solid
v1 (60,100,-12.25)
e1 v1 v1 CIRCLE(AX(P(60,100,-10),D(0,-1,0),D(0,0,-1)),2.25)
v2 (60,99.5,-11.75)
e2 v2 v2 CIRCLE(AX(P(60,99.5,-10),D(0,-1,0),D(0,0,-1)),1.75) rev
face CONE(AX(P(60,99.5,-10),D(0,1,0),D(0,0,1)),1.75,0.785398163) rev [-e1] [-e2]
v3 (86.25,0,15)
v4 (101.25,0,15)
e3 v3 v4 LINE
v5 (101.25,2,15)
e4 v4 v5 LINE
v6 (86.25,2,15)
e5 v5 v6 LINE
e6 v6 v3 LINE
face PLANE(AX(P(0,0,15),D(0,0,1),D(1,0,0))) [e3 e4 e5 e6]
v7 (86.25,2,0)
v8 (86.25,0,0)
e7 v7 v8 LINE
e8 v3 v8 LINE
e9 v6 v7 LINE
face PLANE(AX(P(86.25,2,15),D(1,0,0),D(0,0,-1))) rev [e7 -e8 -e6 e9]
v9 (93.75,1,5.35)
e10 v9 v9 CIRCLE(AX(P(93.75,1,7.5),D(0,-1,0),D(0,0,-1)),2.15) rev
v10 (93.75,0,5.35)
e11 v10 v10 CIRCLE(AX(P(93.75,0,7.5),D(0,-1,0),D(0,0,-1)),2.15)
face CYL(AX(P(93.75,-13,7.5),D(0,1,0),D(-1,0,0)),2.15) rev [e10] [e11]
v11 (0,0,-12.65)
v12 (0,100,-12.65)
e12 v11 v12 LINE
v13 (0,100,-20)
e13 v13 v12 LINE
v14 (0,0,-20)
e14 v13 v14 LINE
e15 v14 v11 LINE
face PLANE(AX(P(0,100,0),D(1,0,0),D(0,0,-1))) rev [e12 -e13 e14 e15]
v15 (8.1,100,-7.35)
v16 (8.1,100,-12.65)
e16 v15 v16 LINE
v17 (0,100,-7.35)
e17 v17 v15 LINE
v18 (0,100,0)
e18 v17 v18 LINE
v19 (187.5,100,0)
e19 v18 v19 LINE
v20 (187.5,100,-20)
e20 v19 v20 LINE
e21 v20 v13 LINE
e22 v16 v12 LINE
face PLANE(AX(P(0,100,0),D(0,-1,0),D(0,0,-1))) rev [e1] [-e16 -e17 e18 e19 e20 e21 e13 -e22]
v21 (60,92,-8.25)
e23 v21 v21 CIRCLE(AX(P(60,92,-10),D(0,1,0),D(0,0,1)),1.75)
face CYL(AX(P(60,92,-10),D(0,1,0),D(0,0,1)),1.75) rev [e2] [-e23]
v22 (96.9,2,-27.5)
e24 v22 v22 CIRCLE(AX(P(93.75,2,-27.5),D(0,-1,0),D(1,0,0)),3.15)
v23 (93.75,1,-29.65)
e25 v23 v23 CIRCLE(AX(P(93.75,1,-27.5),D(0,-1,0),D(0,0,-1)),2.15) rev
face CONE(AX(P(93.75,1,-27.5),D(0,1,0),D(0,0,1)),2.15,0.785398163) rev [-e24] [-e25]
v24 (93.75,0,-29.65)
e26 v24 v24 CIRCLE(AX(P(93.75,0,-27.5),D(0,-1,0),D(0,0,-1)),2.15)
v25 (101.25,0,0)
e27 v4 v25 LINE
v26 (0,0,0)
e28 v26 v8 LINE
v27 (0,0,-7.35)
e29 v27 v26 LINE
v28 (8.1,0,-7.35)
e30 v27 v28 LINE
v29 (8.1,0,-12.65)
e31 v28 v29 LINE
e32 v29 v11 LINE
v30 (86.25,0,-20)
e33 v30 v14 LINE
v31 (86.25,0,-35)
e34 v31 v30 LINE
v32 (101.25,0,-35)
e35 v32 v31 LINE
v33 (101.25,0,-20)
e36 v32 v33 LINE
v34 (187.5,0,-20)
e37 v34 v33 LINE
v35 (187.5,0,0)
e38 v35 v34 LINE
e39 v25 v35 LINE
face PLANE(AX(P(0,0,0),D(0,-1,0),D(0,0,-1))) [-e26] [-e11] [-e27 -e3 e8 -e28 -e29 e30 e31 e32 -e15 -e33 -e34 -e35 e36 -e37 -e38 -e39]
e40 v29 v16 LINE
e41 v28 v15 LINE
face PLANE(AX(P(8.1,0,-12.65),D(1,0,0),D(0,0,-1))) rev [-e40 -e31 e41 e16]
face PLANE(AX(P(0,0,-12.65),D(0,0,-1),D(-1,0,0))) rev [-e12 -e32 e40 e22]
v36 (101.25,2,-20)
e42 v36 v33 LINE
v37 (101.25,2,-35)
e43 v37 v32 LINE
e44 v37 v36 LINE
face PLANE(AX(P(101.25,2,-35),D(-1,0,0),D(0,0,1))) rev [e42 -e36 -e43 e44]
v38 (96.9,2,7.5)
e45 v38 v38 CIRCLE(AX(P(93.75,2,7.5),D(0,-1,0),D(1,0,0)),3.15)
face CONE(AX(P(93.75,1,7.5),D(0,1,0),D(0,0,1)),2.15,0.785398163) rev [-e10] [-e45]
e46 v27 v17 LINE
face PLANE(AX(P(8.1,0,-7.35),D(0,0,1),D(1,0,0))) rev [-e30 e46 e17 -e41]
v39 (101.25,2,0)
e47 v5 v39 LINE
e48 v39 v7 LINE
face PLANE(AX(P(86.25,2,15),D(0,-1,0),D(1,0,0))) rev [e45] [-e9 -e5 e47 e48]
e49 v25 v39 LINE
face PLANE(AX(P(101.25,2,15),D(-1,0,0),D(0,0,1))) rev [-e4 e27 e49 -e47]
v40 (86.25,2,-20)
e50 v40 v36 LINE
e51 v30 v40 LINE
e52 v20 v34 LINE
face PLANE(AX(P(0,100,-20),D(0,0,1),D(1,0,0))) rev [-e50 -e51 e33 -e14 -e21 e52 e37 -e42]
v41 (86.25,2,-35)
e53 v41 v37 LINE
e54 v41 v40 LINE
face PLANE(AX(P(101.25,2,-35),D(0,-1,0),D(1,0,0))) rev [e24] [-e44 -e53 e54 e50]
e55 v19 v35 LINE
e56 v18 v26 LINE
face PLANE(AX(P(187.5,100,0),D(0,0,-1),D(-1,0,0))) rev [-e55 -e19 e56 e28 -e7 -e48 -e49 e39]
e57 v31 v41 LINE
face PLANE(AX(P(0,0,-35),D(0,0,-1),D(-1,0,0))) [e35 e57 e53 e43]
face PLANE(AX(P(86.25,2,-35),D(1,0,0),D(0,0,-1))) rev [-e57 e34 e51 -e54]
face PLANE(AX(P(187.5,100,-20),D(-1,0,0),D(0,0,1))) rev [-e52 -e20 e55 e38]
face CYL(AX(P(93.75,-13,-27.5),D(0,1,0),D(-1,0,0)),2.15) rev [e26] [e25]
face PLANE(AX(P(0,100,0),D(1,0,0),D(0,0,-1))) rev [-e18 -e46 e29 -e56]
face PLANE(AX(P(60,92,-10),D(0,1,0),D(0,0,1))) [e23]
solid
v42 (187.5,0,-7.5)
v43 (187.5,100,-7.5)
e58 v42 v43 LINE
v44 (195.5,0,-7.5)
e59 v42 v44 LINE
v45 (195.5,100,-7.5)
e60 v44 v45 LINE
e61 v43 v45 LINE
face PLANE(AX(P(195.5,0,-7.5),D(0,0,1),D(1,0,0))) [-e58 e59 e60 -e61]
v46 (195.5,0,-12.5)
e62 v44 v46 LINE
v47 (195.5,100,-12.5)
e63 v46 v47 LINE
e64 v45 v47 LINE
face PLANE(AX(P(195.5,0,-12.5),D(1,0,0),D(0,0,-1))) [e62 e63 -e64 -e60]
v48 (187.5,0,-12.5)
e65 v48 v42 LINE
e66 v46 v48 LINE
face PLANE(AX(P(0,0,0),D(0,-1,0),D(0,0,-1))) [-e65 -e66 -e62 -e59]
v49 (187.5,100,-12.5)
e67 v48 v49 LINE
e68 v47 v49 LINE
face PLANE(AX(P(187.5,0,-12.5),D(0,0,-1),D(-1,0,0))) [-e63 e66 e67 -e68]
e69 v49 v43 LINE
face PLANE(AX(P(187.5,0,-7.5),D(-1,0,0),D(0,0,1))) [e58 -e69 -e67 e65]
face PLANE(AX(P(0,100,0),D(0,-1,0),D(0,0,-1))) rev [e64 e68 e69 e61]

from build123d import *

# Parameters (mm, degrees)
SKETCH1_W           = 187.5
SKETCH1_H           = 20
BOSS_EXTRUDE1_DEPTH = 100
SKETCH2_W           = 8.1
SKETCH2_H           = 5.3
CUT_EXTRUDE1_DEPTH  = 100
SKETCH4_W           = 8
SKETCH4_H           = 5
BOSS_EXTRUDE2_DEPTH = 100
SKETCH5_R           = 1.75
CUT_EXTRUDE2_DEPTH  = 8
CHAMFER2_SIZE       = 0.5
SKETCH6_W           = 15
SKETCH6_H           = 2
BOSS_EXTRUDE3_DEPTH = 15
SKETCH7_W           = 15
SKETCH7_H           = 2
BOSS_EXTRUDE4_DEPTH = 15
SKETCH8_R           = 2.15
CUT_EXTRUDE3_DEPTH  = 15
CHAMFER3_SIZE       = 1


with BuildPart() as part:
    # Sketch1 → Boss-Extrude1 (new body)
    with BuildSketch(Plane(origin=(0, 0, 0), x_dir=(1, 0, 0), z_dir=(0, 1, 0))):
        with Locations((93.75, 10)):
            Rectangle(SKETCH1_W, SKETCH1_H)
    extrude(amount=BOSS_EXTRUDE1_DEPTH)

    # Sketch2 → Cut-Extrude1 (cut)
    with BuildSketch(Plane(origin=(0, 100, 0), x_dir=(1, 0, 0), z_dir=(0, 1, 0))):
        with Locations((4.05, 10)):
            Rectangle(SKETCH2_W, SKETCH2_H)
    extrude(amount=-CUT_EXTRUDE1_DEPTH, mode=Mode.SUBTRACT)

    # Sketch5 → Cut-Extrude2 (cut)
    with BuildSketch(Plane(origin=(0, 100, 0), x_dir=(1, 0, 0), z_dir=(0, 1, 0))):
        with Locations(Location((60, 10, 0), (0, 0, 270))):
            Circle(SKETCH5_R)
    extrude(amount=-CUT_EXTRUDE2_DEPTH, mode=Mode.SUBTRACT)

    # Chamfer2
    chamfer2_edges = [part.edges().sort_by_distance(p)[0] for p in [
        (60, 100, -11.75),
    ]]
    chamfer(chamfer2_edges, length=CHAMFER2_SIZE)

    # Sketch6 → Boss-Extrude3 (add)
    with BuildSketch(Plane(origin=(0, 0, -20), x_dir=(-1, 0, 0), z_dir=(0, 0, -1))):
        with Locations((-93.75, 1)):
            Rectangle(SKETCH6_W, SKETCH6_H)
    extrude(amount=BOSS_EXTRUDE3_DEPTH)

    # Sketch7 → Boss-Extrude4 (add)
    with BuildSketch(Plane.XY):
        with Locations((93.75, 1)):
            Rectangle(SKETCH7_W, SKETCH7_H)
    extrude(amount=BOSS_EXTRUDE4_DEPTH)

    # Sketch8 → Cut-Extrude3 (cut)
    with BuildSketch(Plane(origin=(0, 2, 0), x_dir=(1, 0, 0), z_dir=(0, 1, 0))):
        with Locations(Location((93.75, 27.5, 0), (0, 0, 180))):
            Circle(SKETCH8_R)
        with Locations(Location((93.75, -7.5, 0), (0, 0, 180))):
            Circle(SKETCH8_R)
    extrude(amount=-CUT_EXTRUDE3_DEPTH, mode=Mode.SUBTRACT)

    # Chamfer3
    chamfer3_edges = [part.edges().sort_by_distance(p)[0] for p in [
        (95.9, 2, -27.5),
        (95.9, 2, 7.5),
    ]]
    chamfer(chamfer3_edges, length=CHAMFER3_SIZE)


with BuildPart() as body_2:
    # Sketch4 → Boss-Extrude2 (new body)
    with BuildSketch(Plane(origin=(0, 100, 0), x_dir=(1, 0, 0), z_dir=(0, 1, 0))):
        with Locations((191.5, 10)):
            Rectangle(SKETCH4_W, SKETCH4_H)
    extrude(amount=-BOSS_EXTRUDE2_DEPTH)


solid = Compound([part.part, body_2.part])
